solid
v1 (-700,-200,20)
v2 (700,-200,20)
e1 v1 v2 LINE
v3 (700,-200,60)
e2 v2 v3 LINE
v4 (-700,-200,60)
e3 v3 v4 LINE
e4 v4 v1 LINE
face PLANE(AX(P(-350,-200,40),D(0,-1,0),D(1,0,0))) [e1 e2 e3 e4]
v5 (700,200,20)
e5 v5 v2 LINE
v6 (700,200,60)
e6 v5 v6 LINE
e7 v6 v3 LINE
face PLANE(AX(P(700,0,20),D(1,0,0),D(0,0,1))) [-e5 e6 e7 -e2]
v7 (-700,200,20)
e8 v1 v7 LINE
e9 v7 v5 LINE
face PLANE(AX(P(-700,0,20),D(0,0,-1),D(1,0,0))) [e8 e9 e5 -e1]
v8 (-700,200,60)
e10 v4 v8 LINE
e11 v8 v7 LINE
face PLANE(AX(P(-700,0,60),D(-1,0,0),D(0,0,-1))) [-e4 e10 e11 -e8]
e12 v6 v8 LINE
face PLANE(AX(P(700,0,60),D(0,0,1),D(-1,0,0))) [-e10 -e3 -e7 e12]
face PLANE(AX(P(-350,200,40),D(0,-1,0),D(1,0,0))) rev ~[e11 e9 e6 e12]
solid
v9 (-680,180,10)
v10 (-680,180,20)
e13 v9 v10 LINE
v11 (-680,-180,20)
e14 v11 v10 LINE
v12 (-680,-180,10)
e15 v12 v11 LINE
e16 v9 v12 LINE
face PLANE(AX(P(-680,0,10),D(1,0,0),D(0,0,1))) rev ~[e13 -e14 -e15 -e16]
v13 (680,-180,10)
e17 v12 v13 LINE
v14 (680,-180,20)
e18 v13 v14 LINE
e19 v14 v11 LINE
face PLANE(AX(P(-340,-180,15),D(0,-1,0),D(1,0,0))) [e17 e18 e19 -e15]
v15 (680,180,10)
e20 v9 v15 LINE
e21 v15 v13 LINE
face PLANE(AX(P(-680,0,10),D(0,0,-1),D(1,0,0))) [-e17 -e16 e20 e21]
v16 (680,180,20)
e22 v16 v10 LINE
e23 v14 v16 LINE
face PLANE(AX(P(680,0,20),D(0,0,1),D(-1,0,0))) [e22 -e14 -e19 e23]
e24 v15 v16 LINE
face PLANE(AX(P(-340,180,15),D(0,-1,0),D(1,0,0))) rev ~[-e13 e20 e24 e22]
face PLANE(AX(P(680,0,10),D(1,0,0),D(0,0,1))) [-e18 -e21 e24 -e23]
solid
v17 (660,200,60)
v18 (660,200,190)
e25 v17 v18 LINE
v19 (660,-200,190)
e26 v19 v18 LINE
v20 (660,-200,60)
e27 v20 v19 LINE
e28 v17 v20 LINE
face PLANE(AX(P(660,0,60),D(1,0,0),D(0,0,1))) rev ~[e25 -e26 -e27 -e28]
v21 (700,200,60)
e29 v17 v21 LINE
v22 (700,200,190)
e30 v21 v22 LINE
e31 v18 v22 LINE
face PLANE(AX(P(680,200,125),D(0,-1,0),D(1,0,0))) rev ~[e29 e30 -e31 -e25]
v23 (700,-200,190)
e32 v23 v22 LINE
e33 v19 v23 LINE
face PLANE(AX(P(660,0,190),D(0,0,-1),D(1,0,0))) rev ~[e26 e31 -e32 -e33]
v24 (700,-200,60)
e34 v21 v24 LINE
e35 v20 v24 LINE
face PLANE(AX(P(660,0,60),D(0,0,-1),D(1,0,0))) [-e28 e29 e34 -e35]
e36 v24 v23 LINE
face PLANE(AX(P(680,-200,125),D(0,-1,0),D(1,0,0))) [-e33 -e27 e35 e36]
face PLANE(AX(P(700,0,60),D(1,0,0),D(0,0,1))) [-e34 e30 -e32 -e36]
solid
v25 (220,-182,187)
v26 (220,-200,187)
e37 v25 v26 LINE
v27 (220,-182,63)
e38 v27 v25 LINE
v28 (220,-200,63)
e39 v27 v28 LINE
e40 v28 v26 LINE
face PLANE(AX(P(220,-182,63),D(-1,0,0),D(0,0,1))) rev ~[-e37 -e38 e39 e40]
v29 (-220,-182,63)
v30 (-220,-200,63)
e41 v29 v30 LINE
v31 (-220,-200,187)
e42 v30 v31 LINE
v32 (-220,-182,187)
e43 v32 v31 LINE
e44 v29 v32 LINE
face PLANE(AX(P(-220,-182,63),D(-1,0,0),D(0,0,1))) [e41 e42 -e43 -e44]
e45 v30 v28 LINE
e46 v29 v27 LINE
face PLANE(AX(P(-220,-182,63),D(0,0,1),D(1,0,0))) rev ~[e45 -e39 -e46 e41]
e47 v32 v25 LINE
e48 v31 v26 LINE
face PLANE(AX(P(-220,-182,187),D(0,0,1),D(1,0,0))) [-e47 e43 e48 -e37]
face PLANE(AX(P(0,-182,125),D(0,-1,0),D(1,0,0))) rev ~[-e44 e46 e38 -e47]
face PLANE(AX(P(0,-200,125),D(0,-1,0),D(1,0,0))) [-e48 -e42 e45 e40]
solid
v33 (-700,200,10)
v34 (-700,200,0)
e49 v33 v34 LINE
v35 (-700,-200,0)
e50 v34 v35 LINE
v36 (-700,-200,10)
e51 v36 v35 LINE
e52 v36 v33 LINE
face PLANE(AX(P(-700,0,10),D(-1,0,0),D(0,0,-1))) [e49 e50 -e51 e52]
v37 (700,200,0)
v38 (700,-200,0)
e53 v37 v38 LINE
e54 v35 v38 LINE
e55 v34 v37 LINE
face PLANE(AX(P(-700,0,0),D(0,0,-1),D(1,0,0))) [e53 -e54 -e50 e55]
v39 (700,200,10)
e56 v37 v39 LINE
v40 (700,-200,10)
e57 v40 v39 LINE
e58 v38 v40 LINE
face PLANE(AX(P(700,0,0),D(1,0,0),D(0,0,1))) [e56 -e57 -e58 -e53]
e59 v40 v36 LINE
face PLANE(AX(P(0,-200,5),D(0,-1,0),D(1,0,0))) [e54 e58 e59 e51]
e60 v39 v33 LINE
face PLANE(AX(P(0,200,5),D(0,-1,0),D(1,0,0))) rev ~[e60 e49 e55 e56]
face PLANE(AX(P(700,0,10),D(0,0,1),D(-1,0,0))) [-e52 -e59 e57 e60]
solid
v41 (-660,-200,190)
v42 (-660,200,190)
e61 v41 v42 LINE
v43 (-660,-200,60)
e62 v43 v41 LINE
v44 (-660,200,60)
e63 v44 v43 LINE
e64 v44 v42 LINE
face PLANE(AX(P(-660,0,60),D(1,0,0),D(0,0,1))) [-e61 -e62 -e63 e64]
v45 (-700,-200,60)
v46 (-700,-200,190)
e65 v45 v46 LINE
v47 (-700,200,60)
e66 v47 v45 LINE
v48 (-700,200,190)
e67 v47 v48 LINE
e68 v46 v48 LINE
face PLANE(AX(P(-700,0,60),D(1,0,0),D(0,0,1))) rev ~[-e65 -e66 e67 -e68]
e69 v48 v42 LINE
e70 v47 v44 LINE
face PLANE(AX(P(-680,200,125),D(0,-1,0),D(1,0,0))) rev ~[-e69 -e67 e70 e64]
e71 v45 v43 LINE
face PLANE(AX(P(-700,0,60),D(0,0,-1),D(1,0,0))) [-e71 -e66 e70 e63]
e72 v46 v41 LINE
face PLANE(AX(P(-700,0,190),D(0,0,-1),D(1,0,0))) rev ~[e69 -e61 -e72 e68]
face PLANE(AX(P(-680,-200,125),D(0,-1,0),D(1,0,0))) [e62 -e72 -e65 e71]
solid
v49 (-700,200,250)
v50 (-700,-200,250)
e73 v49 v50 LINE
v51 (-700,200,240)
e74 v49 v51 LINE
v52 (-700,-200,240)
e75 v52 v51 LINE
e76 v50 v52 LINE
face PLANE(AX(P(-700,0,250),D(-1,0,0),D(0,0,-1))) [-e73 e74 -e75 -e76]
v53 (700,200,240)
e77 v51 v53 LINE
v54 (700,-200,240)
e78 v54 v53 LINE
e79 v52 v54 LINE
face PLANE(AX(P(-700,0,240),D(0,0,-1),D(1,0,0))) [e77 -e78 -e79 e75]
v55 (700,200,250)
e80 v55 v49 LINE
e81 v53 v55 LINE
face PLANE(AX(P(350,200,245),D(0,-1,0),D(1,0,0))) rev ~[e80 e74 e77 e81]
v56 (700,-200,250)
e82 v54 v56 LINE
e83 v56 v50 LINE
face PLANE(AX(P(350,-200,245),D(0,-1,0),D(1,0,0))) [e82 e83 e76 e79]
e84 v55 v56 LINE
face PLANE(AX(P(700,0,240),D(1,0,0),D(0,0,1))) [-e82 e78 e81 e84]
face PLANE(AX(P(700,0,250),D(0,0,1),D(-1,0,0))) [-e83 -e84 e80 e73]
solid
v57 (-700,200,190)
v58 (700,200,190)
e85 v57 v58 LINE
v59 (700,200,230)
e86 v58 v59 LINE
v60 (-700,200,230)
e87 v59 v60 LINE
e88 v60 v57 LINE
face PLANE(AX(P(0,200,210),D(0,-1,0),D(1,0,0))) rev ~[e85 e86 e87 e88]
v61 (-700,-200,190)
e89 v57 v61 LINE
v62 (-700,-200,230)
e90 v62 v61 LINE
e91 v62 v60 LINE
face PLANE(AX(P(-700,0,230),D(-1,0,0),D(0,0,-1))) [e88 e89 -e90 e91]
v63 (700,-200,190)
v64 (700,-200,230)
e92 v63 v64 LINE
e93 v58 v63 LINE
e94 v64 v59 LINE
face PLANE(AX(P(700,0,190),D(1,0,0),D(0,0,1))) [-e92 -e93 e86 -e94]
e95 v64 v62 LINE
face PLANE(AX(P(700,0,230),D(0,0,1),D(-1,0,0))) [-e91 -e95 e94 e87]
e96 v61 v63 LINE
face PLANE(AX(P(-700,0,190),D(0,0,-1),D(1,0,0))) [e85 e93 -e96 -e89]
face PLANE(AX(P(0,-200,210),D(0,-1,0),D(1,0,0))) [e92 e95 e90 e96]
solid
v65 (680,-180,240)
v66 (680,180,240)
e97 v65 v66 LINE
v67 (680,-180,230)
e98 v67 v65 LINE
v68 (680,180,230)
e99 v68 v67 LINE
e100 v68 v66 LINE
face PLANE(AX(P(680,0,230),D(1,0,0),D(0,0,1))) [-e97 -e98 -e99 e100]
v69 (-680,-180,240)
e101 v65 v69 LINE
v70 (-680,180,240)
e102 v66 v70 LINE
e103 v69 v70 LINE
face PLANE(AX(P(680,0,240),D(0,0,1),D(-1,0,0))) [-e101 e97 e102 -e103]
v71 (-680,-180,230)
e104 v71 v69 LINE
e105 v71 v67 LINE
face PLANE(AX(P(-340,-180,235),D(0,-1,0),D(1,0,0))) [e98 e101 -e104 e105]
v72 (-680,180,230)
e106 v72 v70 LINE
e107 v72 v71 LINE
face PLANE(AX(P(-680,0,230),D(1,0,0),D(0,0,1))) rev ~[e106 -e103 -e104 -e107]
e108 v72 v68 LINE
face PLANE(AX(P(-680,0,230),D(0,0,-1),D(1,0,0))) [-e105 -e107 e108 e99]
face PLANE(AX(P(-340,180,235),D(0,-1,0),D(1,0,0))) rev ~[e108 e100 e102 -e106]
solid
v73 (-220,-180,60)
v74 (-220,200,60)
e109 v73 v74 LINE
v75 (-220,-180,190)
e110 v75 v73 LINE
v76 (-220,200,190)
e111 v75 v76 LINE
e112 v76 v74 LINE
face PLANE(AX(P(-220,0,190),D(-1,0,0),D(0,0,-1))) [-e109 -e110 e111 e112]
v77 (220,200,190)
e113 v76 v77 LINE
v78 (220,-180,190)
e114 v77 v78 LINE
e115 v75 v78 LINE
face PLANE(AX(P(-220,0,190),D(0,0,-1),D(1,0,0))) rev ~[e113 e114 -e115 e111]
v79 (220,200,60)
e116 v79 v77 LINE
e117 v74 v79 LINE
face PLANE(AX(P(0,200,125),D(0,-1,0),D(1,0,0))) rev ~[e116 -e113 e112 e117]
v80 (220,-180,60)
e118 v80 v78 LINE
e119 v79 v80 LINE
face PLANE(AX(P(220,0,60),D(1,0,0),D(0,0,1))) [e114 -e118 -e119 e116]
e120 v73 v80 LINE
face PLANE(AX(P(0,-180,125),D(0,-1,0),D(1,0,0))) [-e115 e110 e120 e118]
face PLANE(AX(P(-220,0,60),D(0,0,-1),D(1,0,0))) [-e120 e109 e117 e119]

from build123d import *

# Parameters (mm, degrees)
F0_W          = 680
F0_H          = 10
F1_DEPTH      = 180
F1_DEPTH_BACK = 180
F2_DEPTH      = 200
F2_DEPTH_BACK = 200
F0_W_2        = 40
F0_H_2        = 130
F3_DEPTH      = 200
F3_DEPTH_BACK = 200
F4_START      = 182
F0_W_3        = 440
F0_H_3        = 124
F4_DEPTH      = 18
F0_H_4        = 3
F5_DEPTH      = 180
F5_DEPTH_BACK = 200


with BuildPart() as f1:
    # F0 (on Front) → F1 (new body, two sides)
    with BuildSketch(Plane.XZ) as f1_sk:
        with Locations((-340, 235)):
            Rectangle(F0_W, F0_H)
        with Locations((340, 235)):
            Rectangle(F0_W, F0_H)
    extrude(amount=F1_DEPTH)
    extrude(f1_sk.sketch, amount=-F1_DEPTH_BACK)


with BuildPart() as f1b:
    # F0 (on Front) → F1, piece 2 (new body, two sides)
    with BuildSketch(Plane.XZ) as f1_2_sk:
        with Locations((-340, 15)):
            Rectangle(F0_W, F0_H)
        with Locations((340, 15)):
            Rectangle(F0_W, F0_H)
    extrude(amount=F1_DEPTH)
    extrude(f1_2_sk.sketch, amount=-F1_DEPTH_BACK)


with BuildPart() as f2:
    # F0 (on Front) → F2 (new body, two sides)
    with BuildSketch(Plane.XZ) as f2_sk:
        Polygon((-680, 10), (-700, 10), (-700, 0), (700, 0), (700, 10), (680, 10), (0, 10), align=None)
    extrude(amount=F2_DEPTH)
    extrude(f2_sk.sketch, amount=-F2_DEPTH_BACK)


with BuildPart() as f2b:
    # F0 (on Front) → F2, piece 2 (new body, two sides)
    with BuildSketch(Plane.XZ) as f2_2_sk:
        with Locations((-680, 125)):
            Rectangle(F0_W_2, F0_H_2)
    extrude(amount=F2_DEPTH)
    extrude(f2_2_sk.sketch, amount=-F2_DEPTH_BACK)


with BuildPart() as f2c:
    # F0 (on Front) → F2, piece 3 (new body, two sides)
    with BuildSketch(Plane.XZ) as f2_3_sk:
        with Locations((680, 125)):
            Rectangle(F0_W_2, F0_H_2)
    extrude(amount=F2_DEPTH)
    extrude(f2_3_sk.sketch, amount=-F2_DEPTH_BACK)


with BuildPart() as f2d:
    # F0 (on Front) → F2, piece 4 (new body, two sides)
    with BuildSketch(Plane.XZ) as f2_4_sk:
        Polygon((0, 250), (0, 240), (680, 240), (700, 240), (700, 250), align=None)
        Polygon((-700, 240), (-680, 240), (0, 240), (0, 250), (-700, 250), align=None)
    extrude(amount=F2_DEPTH)
    extrude(f2_4_sk.sketch, amount=-F2_DEPTH_BACK)


with BuildPart() as f3:
    # F0 (on Front) → F3 (new body, two sides)
    with BuildSketch(Plane.XZ) as f3_sk:
        Polygon((-700, 230), (-700, 190), (-660, 190), (-220, 190), (220, 190), (660, 190), (700, 190), (700, 230), (680, 230), (0, 230), (-680, 230), align=None)
    extrude(amount=F3_DEPTH)
    extrude(f3_sk.sketch, amount=-F3_DEPTH_BACK)


with BuildPart() as f3b:
    # F0 (on Front) → F3, piece 2 (new body, two sides)
    with BuildSketch(Plane.XZ) as f3_2_sk:
        Polygon((-700, 20), (-680, 20), (0, 20), (0, 60), (-220, 60), (-660, 60), (-700, 60), align=None)
        Polygon((0, 60), (0, 20), (680, 20), (700, 20), (700, 60), (660, 60), (220, 60), align=None)
    extrude(amount=F3_DEPTH)
    extrude(f3_2_sk.sketch, amount=-F3_DEPTH_BACK)


with BuildPart() as f4:
    # F0 (on Front) → F4 (new body)
    with BuildSketch(Plane.XZ.offset(F4_START)):
        with Locations((0, 125)):
            Rectangle(F0_W_3, F0_H_3)
    extrude(amount=F4_DEPTH)


with BuildPart() as f5:
    # F0 (on Front) → F5 (new body, two sides)
    with BuildSketch(Plane.XZ) as f5_sk:
        with Locations((0, 125)):
            Rectangle(F0_W_3, F0_H_3)
        Polygon((-220, 60), (0, 60), (220, 60), (220, 63), (-220, 63), align=None)
        with Locations((0, 188.5)):
            Rectangle(F0_W_3, F0_H_4)
    extrude(amount=F5_DEPTH)
    extrude(f5_sk.sketch, amount=-F5_DEPTH_BACK)


solid = Compound([f1.part, f1b.part, f2.part, f2b.part, f2c.part, f2d.part, f3.part, f3b.part, f4.part, f5.part])
